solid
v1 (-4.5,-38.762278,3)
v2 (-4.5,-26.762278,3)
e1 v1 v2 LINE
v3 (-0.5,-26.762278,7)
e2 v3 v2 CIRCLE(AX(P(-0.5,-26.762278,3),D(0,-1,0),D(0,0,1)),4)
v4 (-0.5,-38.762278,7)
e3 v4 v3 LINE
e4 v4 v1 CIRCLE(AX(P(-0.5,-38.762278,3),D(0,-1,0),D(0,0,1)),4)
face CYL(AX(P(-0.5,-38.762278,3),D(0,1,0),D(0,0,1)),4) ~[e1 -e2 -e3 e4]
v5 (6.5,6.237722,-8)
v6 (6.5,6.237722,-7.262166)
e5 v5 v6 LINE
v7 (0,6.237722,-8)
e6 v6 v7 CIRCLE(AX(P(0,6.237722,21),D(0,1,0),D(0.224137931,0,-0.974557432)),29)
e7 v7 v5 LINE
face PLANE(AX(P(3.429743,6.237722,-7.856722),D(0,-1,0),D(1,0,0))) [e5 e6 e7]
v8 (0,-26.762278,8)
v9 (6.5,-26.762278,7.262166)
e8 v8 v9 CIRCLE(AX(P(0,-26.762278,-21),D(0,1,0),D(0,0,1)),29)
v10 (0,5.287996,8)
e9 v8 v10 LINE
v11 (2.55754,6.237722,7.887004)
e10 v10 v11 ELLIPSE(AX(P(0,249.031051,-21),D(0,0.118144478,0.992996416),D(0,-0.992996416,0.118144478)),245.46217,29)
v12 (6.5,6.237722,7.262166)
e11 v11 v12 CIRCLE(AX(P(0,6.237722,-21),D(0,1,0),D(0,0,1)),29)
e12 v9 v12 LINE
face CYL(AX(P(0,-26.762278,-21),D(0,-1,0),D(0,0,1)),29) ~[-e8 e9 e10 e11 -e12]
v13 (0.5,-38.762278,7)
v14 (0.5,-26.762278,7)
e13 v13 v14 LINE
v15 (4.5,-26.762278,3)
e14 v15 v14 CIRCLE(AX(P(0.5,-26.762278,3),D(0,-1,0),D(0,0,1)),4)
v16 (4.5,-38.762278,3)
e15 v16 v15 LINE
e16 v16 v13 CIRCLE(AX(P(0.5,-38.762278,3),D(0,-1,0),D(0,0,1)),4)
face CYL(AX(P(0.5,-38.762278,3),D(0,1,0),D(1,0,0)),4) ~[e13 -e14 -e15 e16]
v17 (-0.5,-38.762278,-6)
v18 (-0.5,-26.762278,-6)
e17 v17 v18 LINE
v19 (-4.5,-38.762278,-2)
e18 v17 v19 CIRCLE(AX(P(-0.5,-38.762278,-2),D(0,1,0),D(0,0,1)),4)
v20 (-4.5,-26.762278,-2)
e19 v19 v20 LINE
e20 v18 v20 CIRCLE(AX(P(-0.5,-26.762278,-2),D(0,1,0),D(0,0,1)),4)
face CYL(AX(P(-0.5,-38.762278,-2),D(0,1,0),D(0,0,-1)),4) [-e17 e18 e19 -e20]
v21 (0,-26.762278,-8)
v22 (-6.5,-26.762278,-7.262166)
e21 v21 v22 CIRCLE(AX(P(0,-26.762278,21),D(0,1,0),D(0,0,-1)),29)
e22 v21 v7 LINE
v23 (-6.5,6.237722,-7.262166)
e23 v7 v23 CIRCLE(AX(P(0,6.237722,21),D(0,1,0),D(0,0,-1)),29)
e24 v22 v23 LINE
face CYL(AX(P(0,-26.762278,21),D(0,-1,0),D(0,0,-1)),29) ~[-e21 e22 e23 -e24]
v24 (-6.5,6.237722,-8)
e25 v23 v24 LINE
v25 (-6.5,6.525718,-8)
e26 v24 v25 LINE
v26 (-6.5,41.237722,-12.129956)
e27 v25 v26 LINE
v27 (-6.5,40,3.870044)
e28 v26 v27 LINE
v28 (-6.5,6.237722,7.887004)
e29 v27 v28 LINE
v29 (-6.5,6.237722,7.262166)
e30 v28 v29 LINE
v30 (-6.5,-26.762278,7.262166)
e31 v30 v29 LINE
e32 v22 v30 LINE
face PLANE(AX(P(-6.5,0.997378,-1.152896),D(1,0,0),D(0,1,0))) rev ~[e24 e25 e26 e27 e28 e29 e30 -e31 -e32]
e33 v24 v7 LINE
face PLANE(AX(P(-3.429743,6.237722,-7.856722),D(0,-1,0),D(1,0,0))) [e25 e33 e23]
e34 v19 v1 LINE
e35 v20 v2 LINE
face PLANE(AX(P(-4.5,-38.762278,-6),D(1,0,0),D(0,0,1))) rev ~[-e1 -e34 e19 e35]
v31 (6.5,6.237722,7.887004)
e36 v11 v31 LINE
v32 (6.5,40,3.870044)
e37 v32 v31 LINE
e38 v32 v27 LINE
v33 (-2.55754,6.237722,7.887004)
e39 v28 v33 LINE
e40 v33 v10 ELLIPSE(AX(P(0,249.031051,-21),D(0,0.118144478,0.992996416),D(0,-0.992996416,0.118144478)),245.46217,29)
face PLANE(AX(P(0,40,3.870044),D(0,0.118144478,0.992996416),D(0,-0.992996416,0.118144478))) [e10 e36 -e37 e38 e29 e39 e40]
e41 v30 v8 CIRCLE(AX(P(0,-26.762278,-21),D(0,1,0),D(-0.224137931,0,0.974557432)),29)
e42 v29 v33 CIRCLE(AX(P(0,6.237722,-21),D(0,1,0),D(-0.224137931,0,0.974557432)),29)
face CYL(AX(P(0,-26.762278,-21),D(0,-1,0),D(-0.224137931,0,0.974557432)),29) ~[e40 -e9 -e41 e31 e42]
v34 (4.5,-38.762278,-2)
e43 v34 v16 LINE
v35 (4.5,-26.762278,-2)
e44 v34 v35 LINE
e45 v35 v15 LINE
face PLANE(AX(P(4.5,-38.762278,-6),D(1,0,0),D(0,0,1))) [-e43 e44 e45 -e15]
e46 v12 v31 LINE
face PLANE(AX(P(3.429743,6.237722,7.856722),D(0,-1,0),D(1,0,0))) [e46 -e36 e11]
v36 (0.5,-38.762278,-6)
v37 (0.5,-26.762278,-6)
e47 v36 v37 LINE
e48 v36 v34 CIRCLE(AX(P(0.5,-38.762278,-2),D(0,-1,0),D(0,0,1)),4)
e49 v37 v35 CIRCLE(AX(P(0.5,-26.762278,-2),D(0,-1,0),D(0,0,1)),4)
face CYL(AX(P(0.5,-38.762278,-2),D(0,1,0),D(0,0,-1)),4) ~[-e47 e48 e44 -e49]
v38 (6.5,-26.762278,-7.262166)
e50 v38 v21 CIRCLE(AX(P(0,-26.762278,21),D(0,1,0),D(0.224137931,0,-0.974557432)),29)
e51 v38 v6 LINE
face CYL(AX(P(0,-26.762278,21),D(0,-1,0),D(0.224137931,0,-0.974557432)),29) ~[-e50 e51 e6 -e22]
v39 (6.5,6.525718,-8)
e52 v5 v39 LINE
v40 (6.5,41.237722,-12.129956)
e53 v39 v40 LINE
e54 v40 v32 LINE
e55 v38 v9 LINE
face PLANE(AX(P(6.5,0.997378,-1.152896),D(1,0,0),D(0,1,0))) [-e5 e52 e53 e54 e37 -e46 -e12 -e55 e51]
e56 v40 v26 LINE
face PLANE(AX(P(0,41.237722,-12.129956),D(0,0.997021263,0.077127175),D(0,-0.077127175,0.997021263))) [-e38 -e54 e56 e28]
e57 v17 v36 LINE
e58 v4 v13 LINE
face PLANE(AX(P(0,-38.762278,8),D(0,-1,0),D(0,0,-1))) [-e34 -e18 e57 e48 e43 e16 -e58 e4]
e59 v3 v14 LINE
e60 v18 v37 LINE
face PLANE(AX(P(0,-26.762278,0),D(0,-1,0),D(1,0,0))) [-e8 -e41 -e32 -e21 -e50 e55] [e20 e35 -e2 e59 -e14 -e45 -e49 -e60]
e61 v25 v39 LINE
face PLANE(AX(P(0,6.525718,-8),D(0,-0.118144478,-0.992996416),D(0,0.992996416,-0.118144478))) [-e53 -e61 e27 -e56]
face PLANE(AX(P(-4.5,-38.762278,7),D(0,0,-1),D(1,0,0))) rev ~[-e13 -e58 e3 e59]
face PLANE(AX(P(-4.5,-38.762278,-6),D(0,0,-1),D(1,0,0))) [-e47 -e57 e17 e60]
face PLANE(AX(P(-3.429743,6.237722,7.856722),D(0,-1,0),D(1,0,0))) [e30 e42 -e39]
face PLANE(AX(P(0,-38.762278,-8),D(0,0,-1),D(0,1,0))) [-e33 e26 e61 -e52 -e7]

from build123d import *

# Parameters (mm, degrees)
F1_DEPTH = 6.5
F2_W     = 13
F2_H     = 16
F2_W_2   = 9
F2_H_2   = 13
F3_DEPTH = 12
F4_R     = 4
F6_DEPTH = 33


with BuildPart() as f1:
    # F0 (on Right) → F1 (new body, symmetric)
    with BuildSketch(Plane.YZ):
        Polygon((5.2879960276, 8), (-38.7622783519, 8), (-38.7622783519, -8), (6.5257176757, -8), (41.2377216481, -12.1299560964), (40, 3.8700439036), align=None)
    extrude(amount=F1_DEPTH, both=True)

    # F2 (on face) → F3 (cut)
    with BuildSketch(Plane.XZ.offset(38.7622783519)):
        Rectangle(F2_W, F2_H)
        with Locations((0, 0.5)):
            Rectangle(F2_W_2, F2_H_2, mode=Mode.SUBTRACT)
    extrude(amount=-F3_DEPTH, mode=Mode.SUBTRACT)

    # F4
    f4_edges = [f1.edges().sort_by_distance(p)[0] for p in [
        (4.5, -32.762278, 7),
        (-4.5, -32.762278, 7),
        (4.5, -32.762278, -6),
        (-4.5, -32.762278, -6),
    ]]
    fillet(f4_edges, radius=F4_R)

    # F5 (on face) → F6 (cut)
    with BuildSketch(Plane.XZ.offset(26.7622783519)):
        with BuildLine():
            ThreePointArc((0, 8), (3.2708714327, 7.8149509816), (6.5, 7.2621655221))
            Line((6.5, 7.2621655221), (6.5, 8))
            Line((6.5, 8), (0, 8))
        make_face()
        with BuildLine():
            ThreePointArc((-6.5, 7.2621655221), (-3.2708714327, 7.8149509816), (0, 8))
            Line((0, 8), (-6.5, 8))
            Line((-6.5, 8), (-6.5, 7.2621655221))
        make_face()
        with BuildLine():
            Line((6.5, -8), (6.5, -7.2621655221))
            ThreePointArc((6.5, -7.2621655221), (3.2708714327, -7.8149509816), (0, -8))
            Line((0, -8), (6.5, -8))
        make_face()
        with BuildLine():
            Line((-6.5, -8), (0, -8))
            ThreePointArc((0, -8), (-3.2708714327, -7.8149509816), (-6.5, -7.2621655221))
            Line((-6.5, -7.2621655221), (-6.5, -8))
        make_face()
    extrude(amount=-F6_DEPTH, mode=Mode.SUBTRACT)


solid = f1.part
